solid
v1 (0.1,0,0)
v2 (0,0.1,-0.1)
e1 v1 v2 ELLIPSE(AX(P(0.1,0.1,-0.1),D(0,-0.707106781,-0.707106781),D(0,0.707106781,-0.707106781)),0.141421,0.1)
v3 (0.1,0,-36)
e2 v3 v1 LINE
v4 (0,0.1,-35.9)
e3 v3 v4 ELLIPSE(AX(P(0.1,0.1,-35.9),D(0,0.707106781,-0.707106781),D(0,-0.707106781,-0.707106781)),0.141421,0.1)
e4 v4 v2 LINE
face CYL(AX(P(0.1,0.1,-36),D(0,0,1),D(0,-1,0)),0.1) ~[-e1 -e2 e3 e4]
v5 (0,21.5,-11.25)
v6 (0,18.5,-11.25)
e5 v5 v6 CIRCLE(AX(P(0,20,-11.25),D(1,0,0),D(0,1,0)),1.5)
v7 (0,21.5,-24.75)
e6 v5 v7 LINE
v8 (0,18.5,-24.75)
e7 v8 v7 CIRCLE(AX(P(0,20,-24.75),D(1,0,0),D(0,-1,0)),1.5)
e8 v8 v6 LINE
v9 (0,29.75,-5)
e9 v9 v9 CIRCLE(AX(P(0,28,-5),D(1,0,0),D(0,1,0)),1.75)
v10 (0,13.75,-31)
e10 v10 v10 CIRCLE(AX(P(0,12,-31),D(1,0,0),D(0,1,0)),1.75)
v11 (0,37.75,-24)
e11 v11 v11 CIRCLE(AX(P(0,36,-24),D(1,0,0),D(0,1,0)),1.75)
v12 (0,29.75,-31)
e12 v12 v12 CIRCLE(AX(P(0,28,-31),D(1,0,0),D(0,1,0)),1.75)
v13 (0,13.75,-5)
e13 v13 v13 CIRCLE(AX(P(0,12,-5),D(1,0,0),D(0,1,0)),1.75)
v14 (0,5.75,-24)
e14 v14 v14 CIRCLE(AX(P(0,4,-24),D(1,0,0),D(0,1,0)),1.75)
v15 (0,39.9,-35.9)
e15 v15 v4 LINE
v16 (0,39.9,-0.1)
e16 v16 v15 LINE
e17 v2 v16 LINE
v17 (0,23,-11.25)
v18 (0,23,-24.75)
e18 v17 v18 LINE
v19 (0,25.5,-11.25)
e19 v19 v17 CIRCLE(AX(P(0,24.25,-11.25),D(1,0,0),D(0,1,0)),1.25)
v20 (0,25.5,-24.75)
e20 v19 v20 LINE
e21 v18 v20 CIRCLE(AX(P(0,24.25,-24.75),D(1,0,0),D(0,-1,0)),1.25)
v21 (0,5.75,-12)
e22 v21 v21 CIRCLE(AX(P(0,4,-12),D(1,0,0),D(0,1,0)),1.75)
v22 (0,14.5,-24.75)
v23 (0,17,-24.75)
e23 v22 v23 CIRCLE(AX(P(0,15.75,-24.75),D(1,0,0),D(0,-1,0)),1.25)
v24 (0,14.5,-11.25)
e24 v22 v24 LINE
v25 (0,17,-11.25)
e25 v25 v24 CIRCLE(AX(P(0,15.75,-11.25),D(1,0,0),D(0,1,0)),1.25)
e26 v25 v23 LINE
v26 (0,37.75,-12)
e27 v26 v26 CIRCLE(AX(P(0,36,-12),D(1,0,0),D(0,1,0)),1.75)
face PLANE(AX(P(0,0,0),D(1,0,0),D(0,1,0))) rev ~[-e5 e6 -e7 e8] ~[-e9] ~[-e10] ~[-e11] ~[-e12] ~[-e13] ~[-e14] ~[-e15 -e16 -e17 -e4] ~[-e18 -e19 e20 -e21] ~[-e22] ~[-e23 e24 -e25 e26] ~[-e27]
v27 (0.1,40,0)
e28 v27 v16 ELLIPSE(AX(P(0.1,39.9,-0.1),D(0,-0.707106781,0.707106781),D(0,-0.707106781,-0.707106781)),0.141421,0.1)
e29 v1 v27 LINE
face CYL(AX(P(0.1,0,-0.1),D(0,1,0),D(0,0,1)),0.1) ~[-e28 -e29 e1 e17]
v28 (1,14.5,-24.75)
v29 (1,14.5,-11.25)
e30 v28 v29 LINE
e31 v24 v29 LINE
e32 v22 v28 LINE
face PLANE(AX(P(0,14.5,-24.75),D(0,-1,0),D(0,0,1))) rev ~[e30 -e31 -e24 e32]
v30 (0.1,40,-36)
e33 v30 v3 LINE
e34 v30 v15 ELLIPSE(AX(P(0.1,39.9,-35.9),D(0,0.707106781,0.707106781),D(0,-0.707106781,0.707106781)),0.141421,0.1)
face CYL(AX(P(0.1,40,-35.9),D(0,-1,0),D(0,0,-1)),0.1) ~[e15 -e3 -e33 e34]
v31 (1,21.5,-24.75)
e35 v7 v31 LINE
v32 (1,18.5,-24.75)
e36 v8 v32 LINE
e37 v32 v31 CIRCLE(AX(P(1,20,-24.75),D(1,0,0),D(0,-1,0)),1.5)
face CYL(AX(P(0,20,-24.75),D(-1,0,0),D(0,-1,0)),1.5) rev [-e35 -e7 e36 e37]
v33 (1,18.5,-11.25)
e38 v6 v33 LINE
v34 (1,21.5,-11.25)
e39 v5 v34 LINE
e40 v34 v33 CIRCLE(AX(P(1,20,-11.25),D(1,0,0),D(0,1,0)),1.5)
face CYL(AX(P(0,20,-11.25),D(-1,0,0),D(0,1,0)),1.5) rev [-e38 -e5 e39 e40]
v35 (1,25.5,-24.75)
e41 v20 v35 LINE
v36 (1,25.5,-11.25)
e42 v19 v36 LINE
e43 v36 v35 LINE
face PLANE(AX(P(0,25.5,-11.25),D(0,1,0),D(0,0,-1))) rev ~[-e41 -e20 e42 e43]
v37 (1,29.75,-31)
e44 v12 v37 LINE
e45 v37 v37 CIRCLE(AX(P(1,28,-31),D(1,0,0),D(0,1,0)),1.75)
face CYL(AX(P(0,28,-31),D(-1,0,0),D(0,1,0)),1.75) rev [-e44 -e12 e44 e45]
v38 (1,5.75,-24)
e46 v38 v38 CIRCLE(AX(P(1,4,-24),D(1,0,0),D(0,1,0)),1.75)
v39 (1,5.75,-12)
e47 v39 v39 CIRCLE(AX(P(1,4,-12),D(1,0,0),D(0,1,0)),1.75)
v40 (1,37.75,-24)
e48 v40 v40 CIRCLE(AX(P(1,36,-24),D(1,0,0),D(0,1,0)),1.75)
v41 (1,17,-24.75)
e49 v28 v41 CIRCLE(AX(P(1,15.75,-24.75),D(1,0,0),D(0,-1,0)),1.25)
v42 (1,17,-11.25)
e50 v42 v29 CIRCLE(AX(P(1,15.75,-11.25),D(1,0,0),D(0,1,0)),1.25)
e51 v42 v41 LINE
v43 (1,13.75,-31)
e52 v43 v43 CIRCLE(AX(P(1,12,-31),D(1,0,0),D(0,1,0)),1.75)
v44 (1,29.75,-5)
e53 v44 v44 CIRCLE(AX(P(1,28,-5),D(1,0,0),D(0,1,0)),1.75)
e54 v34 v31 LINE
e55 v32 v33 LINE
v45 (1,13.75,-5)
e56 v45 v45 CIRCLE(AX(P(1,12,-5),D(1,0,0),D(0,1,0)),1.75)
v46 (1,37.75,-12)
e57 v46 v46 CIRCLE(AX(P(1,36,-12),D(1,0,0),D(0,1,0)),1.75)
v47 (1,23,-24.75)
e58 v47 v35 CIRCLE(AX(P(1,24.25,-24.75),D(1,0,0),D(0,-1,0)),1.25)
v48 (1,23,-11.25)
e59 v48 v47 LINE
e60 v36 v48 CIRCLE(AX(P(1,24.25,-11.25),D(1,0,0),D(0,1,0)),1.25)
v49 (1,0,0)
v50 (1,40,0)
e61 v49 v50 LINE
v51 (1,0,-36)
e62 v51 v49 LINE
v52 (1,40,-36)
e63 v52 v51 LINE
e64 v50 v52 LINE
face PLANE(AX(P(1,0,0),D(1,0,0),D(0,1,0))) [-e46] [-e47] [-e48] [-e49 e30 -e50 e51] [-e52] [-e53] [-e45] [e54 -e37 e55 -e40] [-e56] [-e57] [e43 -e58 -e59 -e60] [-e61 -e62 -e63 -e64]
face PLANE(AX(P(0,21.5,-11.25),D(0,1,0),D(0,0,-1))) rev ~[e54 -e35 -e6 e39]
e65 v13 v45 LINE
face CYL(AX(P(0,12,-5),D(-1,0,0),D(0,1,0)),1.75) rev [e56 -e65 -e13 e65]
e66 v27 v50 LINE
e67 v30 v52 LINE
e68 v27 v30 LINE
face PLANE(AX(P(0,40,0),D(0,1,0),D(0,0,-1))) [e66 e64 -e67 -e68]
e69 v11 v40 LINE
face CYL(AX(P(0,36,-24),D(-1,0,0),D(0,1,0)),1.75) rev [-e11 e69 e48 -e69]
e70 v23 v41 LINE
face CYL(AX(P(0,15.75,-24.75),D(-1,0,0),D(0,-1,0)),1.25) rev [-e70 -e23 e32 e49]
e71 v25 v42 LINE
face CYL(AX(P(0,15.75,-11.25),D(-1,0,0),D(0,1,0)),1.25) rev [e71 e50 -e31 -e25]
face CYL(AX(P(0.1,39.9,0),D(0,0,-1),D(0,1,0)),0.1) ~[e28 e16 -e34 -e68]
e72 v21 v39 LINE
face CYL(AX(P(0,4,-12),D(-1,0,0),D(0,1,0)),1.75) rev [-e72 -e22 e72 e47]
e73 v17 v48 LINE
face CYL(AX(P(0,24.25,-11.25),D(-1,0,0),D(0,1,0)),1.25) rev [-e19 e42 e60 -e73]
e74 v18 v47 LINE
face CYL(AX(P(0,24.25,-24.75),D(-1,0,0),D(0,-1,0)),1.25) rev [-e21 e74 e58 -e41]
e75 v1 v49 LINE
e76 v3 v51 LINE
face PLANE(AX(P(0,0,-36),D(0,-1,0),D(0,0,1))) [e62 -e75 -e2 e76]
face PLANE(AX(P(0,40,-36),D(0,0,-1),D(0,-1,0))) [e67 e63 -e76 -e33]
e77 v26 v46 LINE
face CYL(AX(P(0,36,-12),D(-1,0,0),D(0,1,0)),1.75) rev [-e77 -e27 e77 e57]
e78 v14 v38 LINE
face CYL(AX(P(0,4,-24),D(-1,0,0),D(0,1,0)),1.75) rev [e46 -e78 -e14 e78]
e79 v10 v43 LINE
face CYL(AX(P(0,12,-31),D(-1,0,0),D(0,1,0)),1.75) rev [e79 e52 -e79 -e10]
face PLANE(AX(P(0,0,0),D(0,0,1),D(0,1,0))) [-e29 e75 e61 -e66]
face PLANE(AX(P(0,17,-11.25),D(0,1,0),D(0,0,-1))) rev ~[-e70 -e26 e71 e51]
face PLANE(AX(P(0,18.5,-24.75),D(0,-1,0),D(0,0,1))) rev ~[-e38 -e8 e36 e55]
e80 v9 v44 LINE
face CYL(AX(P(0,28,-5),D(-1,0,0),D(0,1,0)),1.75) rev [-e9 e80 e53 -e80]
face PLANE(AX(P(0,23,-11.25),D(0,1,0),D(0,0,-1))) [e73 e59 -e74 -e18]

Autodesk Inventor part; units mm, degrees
ref_plane "YZ Plane" through (0, 0, 0) normal (1, 0, 0) x (0, 1, 0)
ref_plane "XZ Plane" through (0, 0, 0) normal (0, 1, 0) x (-1, 0, 0)
ref_plane "XY Plane" through (0, 0, 0) normal (0, 0, 1) x (1, 0, 0)
sketch "Sketch1" plane through (0, 0, 0) normal (1, 0, 0) x (0, 1, 0)
  line L0 (0, 0) -> (40, 0)
  line L1 (40, 0) -> (40, -36)
  line L2 (40, -36) -> (0, -36)
  line L3 (0, -36) -> (0, 0)
  line L4 (20, -7.186) -> (4, -7.186) construction
  line L5 (4, -18) -> (4, -12) construction
  line L6 (4, -12) -> (8.3258, -12) construction
  line L7 (4, -18) -> (4, -24) construction
  circle A0 centre (4, -12) radius 1.75
  circle A1 centre (4, -24) radius 1.75
  line L8 (20, -7.186) -> (36, -7.186) construction
  line L9 (36, -18) -> (36, -12) construction
  line L10 (36, -18) -> (36, -24) construction
  circle A2 centre (36, -12) radius 1.75 construction
  circle A3 centre (36, -12) radius 1.75
  circle A4 centre (36, -24) radius 1.75
  line L11 (20, -4.4458) -> (12, -4.4458) construction
  line L12 (12, -18) -> (12, -5) construction
  line L13 (12, -18) -> (12, -31) construction
  circle A5 centre (12, -5) radius 1.75 construction
  circle A6 centre (12, -5) radius 1.75
  circle A7 centre (12, -31) radius 1.75
  line L14 (20, -5) -> (28, -5) construction
  circle A8 centre (28, -5) radius 1.75 construction
  circle A9 centre (28, -5) radius 1.75
  line L15 (28, -5) -> (28, -18) construction
  line L16 (28, -18) -> (28, -31) construction
  circle A10 centre (28, -31) radius 1.75 construction
  circle A11 centre (28, -31) radius 1.75
  line L17 (20, 0) -> (20, -36) construction
  line L18 (21.5, -18) -> (21.5, -11.25) construction
  line L19 (21.5, -11.25) -> (20, -11.25) construction
  line L20 (18.5, -11.25) -> (20, -11.25) construction
  line L21 (21.5, -11.25) -> (18.5, -11.25)
  line L22 (18.5, -24.75) -> (21.5, -24.75)
  line L23 (21.5, -11.25) -> (21.5, 28.048) construction
  line L24 (18.5, -11.25) -> (18.5, 31.5253) construction
  arc A12 (21.5, -11.25) -> (18.5, -11.25) centre (20, -11.25) ccw construction
  arc A13 (18.5, -24.75) -> (21.5, -24.75) centre (20, -24.75) ccw construction
  arc A14 (21.5, -11.25) -> (18.5, -11.25) centre (20, -11.25) ccw
  arc A15 (18.5, -24.75) -> (21.5, -24.75) centre (20, -24.75) ccw
  line L25 (21.5, -11.25) -> (21.5, -24.75)
  line L26 (18.5, -24.75) -> (18.5, -11.25)
  line L27 (21.5, -15) -> (23, -15) construction
  line L28 (23, -11.25) -> (23, -24.75) construction
  line L29 (23, -24.75) -> (25.5, -24.75) construction
  line L30 (25.5, -24.75) -> (25.5, -11.25) construction
  line L31 (25.5, -11.25) -> (23, -11.25) construction
  line L32 (25.5, -11.25) -> (25.5, -24.75)
  line L33 (23, -11.25) -> (23, -24.75)
  arc A16 (25.5, -11.25) -> (23, -11.25) centre (24.25, -11.25) ccw
  arc A17 (23, -24.75) -> (25.5, -24.75) centre (24.25, -24.75) ccw
  line L34 (18.5, -11.25) -> (17, -11.25) construction
  line L35 (17, -11.25) -> (17, -92.3561) construction
  line L36 (14.5, -11.25) -> (14.5, -24.75) construction
  line L37 (17, -11.25) -> (17, -24.75)
  line L38 (14.5, -24.75) -> (14.5, -11.25)
  arc A18 (17, -11.25) -> (14.5, -11.25) centre (15.75, -11.25) ccw
  arc A19 (14.5, -24.75) -> (17, -24.75) centre (15.75, -24.75) ccw
  line L39 (40, -18) -> (-21.6242, -18) construction
  dimension "d0" = 40
  dimension "d1" = 36
  dimension "d5" = 16
  dimension "d6" = 6
  dimension "d7" = 6
  dimension "d8" = 3.5
  dimension "d9" = 3.5
  dimension "d13" = 16
  dimension "d14" = 6
  dimension "d15" = 6
  dimension "d16" = 3.5
  dimension "d17" = 3.5
  dimension "d19" = 8
  dimension "d20" = 13
  dimension "d21" = 13
  dimension "d22" = 3.5
  dimension "d23" = 3.5
  dimension "d25" = 8
  dimension "d26" = 3.5
  dimension "d27" = 13
  dimension "d28" = 3.5
  dimension "d48" = 6.75
  dimension "d73" = 11.25
  dimension "d74" = 13.5
  dimension "d75" = 18.5
  dimension "d77" = 1.5
  dimension "d78" = 2.5
  dimension "d84" = 1.5
  dimension "d85" = 2.5
  dimension "d86" = 2.5
  dimension "d92" = 8
  dimension "d93" = 8
  dimension "d94" = 13
extrude "Extrusion3" add sketch "Sketch1" along normal blind 1
fillet "Fillet1" radius 0.1 4 edges at (0, 20, -36) (0, 40, -18) (0, 20, 0) (0, 0, -18)
properties part number "Valve Plate" material "Copper, Alloy"
